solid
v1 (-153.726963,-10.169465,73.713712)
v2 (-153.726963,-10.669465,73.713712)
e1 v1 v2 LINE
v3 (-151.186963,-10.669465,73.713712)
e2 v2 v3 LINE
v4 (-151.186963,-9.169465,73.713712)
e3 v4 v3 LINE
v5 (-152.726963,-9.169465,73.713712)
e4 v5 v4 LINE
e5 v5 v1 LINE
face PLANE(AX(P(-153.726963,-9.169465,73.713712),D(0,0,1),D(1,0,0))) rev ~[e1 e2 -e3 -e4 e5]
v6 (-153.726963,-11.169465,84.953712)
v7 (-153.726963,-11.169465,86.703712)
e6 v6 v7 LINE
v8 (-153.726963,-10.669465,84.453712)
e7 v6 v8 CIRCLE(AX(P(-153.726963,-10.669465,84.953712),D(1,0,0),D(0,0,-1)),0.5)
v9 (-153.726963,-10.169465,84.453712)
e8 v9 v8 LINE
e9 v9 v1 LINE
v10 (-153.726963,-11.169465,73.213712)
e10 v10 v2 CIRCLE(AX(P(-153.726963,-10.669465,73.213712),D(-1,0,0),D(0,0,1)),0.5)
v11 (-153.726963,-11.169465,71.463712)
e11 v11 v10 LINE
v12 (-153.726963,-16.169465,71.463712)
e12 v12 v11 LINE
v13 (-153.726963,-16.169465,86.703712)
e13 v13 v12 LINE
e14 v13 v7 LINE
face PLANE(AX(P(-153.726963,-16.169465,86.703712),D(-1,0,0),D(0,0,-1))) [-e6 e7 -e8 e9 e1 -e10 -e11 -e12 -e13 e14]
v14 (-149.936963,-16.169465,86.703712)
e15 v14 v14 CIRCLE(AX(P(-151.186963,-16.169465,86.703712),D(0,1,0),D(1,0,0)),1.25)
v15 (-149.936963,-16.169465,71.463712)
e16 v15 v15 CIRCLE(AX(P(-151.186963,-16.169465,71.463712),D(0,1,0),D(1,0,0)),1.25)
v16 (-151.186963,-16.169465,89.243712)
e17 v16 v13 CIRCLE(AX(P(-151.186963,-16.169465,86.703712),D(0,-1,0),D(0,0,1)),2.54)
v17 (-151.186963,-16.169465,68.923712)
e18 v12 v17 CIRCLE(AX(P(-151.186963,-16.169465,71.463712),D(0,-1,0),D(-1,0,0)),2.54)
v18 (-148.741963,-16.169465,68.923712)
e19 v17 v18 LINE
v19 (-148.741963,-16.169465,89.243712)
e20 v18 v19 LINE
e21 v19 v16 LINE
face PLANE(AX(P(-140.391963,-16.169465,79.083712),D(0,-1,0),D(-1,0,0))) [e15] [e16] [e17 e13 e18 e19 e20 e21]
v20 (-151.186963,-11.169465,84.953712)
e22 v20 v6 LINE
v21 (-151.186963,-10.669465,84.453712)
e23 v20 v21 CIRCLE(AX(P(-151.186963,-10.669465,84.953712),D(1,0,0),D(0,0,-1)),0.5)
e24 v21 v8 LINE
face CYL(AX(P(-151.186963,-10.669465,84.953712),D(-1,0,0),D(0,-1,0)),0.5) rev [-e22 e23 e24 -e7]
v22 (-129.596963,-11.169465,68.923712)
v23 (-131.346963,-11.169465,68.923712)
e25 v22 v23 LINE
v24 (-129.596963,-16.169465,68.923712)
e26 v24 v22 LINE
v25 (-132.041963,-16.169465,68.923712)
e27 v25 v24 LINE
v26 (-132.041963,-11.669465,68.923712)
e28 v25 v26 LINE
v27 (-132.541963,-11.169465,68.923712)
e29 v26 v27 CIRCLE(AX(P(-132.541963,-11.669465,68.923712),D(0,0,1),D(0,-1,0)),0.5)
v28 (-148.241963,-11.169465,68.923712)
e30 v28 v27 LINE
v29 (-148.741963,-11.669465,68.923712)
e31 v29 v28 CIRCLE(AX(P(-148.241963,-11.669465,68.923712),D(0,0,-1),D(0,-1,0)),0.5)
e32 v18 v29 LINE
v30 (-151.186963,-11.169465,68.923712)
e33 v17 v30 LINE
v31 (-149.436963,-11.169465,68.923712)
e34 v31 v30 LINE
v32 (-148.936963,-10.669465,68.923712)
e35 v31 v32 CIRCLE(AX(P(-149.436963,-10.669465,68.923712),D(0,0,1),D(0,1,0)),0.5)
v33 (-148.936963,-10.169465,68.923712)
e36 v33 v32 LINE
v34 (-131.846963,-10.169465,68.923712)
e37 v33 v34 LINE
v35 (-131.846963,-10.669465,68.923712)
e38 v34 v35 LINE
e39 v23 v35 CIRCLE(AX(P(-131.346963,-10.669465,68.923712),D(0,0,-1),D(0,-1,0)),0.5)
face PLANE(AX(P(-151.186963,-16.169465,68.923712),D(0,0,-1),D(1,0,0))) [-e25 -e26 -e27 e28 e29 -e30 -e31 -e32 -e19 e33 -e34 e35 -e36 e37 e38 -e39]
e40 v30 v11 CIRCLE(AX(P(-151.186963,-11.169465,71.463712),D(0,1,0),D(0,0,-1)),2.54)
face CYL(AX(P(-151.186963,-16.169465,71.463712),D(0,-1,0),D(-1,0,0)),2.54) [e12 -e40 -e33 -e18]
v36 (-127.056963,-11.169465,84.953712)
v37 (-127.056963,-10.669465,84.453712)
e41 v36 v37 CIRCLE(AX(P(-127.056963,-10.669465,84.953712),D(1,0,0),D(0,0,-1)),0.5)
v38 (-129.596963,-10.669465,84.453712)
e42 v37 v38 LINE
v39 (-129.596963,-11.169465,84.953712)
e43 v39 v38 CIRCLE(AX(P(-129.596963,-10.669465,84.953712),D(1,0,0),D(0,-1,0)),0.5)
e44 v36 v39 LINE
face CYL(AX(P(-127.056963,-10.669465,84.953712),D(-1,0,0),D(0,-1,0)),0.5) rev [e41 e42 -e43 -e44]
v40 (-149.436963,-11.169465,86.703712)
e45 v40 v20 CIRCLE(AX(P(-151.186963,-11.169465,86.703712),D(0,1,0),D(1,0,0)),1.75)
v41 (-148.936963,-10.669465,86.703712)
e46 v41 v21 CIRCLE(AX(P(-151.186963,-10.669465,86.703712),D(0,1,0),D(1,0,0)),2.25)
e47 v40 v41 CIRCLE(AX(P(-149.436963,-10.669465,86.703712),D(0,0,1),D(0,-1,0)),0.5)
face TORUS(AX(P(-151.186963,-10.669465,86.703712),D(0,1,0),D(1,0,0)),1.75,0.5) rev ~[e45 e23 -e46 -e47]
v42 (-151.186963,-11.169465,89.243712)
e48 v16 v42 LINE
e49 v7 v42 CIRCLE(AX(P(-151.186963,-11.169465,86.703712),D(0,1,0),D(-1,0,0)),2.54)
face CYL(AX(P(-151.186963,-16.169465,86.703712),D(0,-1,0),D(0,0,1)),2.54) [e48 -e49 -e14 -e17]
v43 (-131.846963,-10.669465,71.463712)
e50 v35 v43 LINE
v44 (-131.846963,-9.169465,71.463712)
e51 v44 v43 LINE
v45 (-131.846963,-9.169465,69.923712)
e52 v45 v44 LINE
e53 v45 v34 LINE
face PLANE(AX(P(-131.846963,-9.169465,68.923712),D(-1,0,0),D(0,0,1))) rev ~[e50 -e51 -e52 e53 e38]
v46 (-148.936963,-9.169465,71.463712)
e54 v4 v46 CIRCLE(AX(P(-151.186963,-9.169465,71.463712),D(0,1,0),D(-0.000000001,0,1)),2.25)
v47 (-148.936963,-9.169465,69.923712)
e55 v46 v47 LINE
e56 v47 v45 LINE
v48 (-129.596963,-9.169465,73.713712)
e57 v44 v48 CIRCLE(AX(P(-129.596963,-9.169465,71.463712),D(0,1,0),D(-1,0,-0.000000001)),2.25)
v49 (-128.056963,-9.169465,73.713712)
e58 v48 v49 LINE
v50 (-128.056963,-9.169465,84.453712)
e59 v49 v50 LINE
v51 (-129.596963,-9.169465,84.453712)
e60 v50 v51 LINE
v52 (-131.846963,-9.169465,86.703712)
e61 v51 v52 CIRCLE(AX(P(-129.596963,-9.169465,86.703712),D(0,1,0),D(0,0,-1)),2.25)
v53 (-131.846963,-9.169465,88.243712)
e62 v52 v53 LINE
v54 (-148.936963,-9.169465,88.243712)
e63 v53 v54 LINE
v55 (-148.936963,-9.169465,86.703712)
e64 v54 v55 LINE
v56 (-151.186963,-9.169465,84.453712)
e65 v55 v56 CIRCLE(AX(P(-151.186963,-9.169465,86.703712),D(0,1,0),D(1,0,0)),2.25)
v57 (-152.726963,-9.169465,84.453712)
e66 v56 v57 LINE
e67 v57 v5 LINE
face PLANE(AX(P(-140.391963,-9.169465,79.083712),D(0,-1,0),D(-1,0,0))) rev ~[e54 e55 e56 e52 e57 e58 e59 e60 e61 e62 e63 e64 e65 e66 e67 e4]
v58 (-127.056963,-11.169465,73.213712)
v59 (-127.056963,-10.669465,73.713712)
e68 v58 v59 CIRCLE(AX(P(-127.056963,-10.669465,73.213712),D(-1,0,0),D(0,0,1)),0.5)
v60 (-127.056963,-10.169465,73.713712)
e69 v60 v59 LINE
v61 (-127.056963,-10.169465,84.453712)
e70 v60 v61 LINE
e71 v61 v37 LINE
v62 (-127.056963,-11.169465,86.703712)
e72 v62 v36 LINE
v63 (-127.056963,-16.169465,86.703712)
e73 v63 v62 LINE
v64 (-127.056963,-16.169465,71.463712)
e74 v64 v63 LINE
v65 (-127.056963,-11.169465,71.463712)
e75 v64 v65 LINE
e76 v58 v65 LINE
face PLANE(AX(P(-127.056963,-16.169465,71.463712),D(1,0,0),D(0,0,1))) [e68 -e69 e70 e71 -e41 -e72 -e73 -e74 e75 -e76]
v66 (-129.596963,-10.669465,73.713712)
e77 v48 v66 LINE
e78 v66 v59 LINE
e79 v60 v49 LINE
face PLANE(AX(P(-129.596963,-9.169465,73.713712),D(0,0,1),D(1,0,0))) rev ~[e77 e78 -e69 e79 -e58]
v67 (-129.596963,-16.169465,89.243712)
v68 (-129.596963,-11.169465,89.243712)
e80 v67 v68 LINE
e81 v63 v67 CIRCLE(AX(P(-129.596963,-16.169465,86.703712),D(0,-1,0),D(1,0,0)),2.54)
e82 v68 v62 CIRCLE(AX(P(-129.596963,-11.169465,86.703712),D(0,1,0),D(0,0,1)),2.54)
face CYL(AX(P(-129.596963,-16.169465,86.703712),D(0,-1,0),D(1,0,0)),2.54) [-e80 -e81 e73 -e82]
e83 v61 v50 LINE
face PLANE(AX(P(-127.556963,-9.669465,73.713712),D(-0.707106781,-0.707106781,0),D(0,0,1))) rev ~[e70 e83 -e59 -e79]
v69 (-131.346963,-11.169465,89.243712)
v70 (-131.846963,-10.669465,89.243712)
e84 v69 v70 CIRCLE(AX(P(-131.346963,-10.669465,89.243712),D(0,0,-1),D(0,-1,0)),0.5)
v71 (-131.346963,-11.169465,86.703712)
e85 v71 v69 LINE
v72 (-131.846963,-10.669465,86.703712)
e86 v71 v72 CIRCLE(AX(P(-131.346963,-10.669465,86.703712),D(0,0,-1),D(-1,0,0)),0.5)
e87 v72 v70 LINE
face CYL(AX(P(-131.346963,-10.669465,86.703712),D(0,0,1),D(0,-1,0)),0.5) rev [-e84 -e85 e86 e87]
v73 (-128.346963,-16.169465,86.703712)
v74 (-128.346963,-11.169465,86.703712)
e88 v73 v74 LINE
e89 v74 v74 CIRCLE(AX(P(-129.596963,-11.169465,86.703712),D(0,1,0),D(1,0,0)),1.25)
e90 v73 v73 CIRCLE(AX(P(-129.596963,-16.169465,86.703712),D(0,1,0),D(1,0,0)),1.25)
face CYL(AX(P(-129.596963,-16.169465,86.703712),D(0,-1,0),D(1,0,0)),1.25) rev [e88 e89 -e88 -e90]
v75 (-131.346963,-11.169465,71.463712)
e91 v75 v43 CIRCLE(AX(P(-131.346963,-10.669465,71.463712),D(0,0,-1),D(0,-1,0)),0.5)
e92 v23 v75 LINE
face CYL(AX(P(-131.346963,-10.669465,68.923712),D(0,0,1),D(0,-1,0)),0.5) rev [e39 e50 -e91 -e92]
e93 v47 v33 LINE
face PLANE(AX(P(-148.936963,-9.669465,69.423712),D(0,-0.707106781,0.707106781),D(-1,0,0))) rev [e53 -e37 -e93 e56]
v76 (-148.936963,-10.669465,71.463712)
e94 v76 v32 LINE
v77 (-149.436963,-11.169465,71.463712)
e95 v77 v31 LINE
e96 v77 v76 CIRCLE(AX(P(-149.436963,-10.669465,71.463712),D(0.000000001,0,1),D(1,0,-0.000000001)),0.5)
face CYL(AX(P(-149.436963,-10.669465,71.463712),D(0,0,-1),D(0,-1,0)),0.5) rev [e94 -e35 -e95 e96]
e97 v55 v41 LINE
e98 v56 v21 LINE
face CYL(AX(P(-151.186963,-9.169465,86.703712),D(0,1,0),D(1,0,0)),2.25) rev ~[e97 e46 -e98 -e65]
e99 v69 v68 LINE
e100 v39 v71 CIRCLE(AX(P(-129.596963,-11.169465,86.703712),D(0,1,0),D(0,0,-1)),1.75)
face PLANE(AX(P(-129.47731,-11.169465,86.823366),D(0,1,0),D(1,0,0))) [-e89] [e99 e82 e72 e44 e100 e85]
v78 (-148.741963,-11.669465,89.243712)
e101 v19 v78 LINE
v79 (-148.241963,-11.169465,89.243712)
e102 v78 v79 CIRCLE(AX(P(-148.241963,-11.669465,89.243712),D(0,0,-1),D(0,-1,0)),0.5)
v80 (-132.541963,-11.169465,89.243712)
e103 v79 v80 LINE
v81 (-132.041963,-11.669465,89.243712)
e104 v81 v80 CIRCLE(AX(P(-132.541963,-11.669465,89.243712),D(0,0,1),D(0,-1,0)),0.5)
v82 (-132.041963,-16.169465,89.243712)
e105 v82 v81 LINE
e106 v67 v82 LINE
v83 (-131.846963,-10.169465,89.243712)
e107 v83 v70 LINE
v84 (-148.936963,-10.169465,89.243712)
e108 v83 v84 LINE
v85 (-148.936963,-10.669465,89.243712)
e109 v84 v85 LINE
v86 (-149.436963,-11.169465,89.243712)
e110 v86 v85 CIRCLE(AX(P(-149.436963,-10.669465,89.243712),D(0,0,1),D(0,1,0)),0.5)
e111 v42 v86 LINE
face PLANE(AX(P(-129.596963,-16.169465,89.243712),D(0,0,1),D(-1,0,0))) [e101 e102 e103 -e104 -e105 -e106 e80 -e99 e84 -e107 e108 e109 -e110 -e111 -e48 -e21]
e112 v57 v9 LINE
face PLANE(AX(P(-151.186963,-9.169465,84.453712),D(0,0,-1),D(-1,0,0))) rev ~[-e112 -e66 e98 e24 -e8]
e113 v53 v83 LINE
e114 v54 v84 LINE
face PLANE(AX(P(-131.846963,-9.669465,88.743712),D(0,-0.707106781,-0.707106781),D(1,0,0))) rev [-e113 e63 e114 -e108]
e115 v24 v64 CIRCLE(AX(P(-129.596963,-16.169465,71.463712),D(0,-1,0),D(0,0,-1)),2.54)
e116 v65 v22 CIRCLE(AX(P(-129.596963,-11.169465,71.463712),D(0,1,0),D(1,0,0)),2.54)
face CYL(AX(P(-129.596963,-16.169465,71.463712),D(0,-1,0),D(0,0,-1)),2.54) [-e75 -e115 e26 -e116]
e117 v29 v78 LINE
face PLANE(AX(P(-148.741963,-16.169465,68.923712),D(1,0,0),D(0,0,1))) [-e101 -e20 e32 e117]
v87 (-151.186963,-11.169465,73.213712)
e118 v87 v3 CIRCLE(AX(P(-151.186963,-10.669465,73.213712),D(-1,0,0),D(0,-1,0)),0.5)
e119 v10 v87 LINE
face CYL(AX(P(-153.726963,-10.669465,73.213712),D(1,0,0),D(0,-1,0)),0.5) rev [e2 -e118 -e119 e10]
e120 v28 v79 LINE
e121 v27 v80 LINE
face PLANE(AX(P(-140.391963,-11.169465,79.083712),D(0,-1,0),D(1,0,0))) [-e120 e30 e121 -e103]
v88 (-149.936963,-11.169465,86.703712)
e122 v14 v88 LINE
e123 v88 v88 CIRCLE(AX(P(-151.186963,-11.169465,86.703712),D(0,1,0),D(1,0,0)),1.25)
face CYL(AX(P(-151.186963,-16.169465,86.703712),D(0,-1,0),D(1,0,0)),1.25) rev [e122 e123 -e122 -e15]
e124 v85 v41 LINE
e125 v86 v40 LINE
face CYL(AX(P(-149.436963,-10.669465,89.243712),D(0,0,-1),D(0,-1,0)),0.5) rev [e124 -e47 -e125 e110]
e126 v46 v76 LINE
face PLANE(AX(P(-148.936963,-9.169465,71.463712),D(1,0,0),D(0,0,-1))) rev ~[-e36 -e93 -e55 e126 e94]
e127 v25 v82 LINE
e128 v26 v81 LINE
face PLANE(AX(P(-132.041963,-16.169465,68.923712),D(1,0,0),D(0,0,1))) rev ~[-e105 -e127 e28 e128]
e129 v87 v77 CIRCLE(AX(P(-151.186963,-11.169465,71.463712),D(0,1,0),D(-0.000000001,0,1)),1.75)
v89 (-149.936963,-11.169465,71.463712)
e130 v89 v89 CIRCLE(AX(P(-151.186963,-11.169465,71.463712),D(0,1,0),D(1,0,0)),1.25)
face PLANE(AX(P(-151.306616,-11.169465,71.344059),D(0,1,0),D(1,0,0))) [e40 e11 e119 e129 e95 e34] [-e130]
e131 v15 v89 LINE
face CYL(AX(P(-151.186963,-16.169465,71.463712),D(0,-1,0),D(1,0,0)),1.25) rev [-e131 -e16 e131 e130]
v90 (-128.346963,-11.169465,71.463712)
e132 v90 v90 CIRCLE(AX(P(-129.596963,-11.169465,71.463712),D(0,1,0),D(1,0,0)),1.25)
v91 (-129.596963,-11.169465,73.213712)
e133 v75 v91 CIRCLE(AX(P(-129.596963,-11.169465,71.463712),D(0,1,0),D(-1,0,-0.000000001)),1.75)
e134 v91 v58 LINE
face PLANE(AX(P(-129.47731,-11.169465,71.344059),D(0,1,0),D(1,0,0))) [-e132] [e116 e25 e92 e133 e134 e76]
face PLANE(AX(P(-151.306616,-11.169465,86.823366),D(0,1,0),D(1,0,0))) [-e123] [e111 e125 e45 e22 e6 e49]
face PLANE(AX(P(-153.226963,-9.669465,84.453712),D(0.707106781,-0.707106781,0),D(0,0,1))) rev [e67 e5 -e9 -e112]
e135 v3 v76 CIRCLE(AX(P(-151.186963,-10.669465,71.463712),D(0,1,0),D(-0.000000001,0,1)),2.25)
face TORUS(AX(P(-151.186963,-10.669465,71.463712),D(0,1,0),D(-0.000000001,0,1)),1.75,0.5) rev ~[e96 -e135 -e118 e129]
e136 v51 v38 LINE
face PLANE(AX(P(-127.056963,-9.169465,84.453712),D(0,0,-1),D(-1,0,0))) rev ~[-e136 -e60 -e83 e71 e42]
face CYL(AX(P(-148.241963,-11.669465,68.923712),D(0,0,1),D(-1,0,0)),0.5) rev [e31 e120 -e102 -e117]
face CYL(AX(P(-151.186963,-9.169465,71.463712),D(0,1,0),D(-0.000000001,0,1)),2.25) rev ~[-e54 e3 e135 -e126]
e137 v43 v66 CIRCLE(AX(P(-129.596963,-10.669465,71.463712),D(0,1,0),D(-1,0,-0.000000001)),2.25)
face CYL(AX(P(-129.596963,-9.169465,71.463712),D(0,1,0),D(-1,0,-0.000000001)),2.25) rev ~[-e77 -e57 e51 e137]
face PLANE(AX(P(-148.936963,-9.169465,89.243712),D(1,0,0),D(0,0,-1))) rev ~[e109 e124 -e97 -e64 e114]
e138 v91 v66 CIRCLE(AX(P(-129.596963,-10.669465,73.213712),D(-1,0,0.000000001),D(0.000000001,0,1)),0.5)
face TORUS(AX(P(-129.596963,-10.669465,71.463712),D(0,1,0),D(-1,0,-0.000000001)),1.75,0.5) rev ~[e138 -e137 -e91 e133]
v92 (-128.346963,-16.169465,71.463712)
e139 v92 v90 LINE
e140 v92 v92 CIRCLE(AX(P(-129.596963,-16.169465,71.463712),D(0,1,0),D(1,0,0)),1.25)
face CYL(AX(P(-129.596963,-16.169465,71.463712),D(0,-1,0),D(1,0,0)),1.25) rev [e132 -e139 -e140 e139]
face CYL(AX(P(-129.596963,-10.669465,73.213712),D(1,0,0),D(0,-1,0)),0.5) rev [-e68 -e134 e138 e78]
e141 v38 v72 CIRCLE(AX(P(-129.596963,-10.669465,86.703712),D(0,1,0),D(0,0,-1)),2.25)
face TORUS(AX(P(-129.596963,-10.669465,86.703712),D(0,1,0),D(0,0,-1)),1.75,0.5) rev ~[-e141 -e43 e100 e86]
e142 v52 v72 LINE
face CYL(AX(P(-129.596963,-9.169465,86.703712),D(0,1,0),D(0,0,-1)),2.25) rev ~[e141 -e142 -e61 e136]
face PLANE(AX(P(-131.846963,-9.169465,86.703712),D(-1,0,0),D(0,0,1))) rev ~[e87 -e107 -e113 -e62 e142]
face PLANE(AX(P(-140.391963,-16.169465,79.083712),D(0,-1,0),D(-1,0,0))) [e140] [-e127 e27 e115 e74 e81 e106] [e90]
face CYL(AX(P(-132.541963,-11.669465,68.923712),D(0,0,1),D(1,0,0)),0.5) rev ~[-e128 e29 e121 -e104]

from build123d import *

# Parameters (mm, degrees)
SKETCH1_R           = 1.25
BOSS_EXTRUDE1_DEPTH = 7
SKETCH2_W           = 16.7
SKETCH2_H           = 20.32
CUT_EXTRUDE1_DEPTH  = 5
SKETCH3_R           = 1.25
CUT_EXTRUDE2_DEPTH  = 2
CHAMFER1_SIZE       = 1
FILLET1_R           = 0.5
FILLET2_R           = 0.5


with BuildPart() as part:
    # Sketch1 → Boss-Extrude1 (new body)
    with BuildSketch(Plane(origin=(0, -16.169464744, 0), x_dir=(1, 0, 0), z_dir=(0, 1, 0))):
        with BuildLine():
            Line((-127.05696299, -71.463712198), (-127.05696299, -86.703712198))
            ThreePointArc((-127.05696299, -86.703712198), (-127.800911766, -88.499763423), (-129.59696299, -89.243712198))
            Line((-129.59696299, -89.243712198), (-151.18696299, -89.243712198))
            ThreePointArc((-151.18696299, -89.243712198), (-152.983014214, -88.499763423), (-153.72696299, -86.703712198))
            Line((-153.72696299, -86.703712198), (-153.72696299, -71.463712198))
            ThreePointArc((-153.72696299, -71.463712198), (-152.983014214, -69.667660974), (-151.18696299, -68.923712198))
            Line((-151.18696299, -68.923712198), (-129.59696299, -68.923712198))
            ThreePointArc((-129.59696299, -68.923712198), (-127.800911766, -69.667660974), (-127.05696299, -71.463712198))
        make_face()
        with Locations((-151.18696299, -71.463712198)):
            Circle(SKETCH1_R, mode=Mode.SUBTRACT)
        with Locations((-151.18696299, -86.703712198)):
            Circle(SKETCH1_R, mode=Mode.SUBTRACT)
        with Locations((-129.59696299, -86.703712198)):
            Circle(SKETCH1_R, mode=Mode.SUBTRACT)
        with Locations((-129.59696299, -71.463712198)):
            Circle(SKETCH1_R, mode=Mode.SUBTRACT)
    extrude(amount=BOSS_EXTRUDE1_DEPTH)

    # Sketch2 → Cut-Extrude1 (cut)
    with BuildSketch(Plane.XZ.offset(16.169464744)):
        with Locations((-140.39196299, 79.083712198)):
            Rectangle(SKETCH2_W, SKETCH2_H)
    extrude(amount=-CUT_EXTRUDE1_DEPTH, mode=Mode.SUBTRACT)

    # Sketch3 → Cut-Extrude2 (cut)
    with BuildSketch(Plane(origin=(0, -9.169464744, 0), x_dir=(1, 0, 0), z_dir=(0, 1, 0))):
        with BuildLine():
            Line((-131.84696299, -86.703712198), (-131.84696299, -89.243712198))
            Line((-131.84696299, -89.243712198), (-129.59696299, -89.243712198))
            ThreePointArc((-129.59696299, -89.243712198), (-127.800911766, -88.499763423), (-127.05696299, -86.703712198))
            Line((-127.05696299, -86.703712198), (-127.05696299, -84.453712198))
            Line((-127.05696299, -84.453712198), (-129.59696299, -84.453712198))
            ThreePointArc((-129.59696299, -84.453712198), (-131.187953248, -85.112721941), (-131.84696299, -86.703712198))
        make_face()
        with Locations((-129.59696299, -86.703712198)):
            Circle(SKETCH3_R, mode=Mode.SUBTRACT)
        with BuildLine():
            Line((-151.18696299, -89.243712198), (-148.93696299, -89.243712198))
            Line((-148.93696299, -89.243712198), (-148.93696299, -86.703712198))
            ThreePointArc((-148.93696299, -86.703712198), (-149.595972732, -85.112721941), (-151.18696299, -84.453712198))
            Line((-151.18696299, -84.453712198), (-153.72696299, -84.453712198))
            Line((-153.72696299, -84.453712198), (-153.72696299, -86.703712198))
            ThreePointArc((-153.72696299, -86.703712198), (-152.983014214, -88.499763423), (-151.18696299, -89.243712198))
        make_face()
        with Locations((-151.18696299, -86.703712198)):
            Circle(SKETCH3_R, mode=Mode.SUBTRACT)
        with BuildLine():
            Line((-153.72696299, -71.463712198), (-153.72696299, -73.713712198))
            Line((-153.72696299, -73.713712198), (-151.18696299, -73.713712198))
            ThreePointArc((-151.18696299, -73.713712198), (-149.595972732, -73.054702456), (-148.93696299, -71.463712198))
            Line((-148.93696299, -71.463712198), (-148.93696299, -68.923712198))
            Line((-148.93696299, -68.923712198), (-151.18696299, -68.923712198))
            ThreePointArc((-151.18696299, -68.923712198), (-152.983014214, -69.667660974), (-153.72696299, -71.463712198))
        make_face()
        with Locations((-151.18696299, -71.463712198)):
            Circle(SKETCH3_R, mode=Mode.SUBTRACT)
        with BuildLine():
            Line((-129.59696299, -73.713712198), (-127.05696299, -73.713712198))
            Line((-127.05696299, -73.713712198), (-127.05696299, -71.463712198))
            ThreePointArc((-127.05696299, -71.463712198), (-127.800911766, -69.667660974), (-129.59696299, -68.923712198))
            Line((-129.59696299, -68.923712198), (-131.84696299, -68.923712198))
            Line((-131.84696299, -68.923712198), (-131.84696299, -71.463712198))
            ThreePointArc((-131.84696299, -71.463712198), (-131.187953248, -73.054702456), (-129.59696299, -73.713712198))
        make_face()
        with Locations((-129.59696299, -71.463712198)):
            Circle(SKETCH3_R, mode=Mode.SUBTRACT)
    extrude(amount=-CUT_EXTRUDE2_DEPTH, mode=Mode.SUBTRACT)

    # Chamfer1
    chamfer1_edges = [part.edges().sort_by_distance(p)[0] for p in [
        (-127.05696299, -9.169464744, 79.083712198),
        (-153.72696299, -9.169464744, 79.083712198),
        (-140.39196299, -9.169464744, 68.923712198),
        (-140.39196299, -9.169464744, 89.243712198),
    ]]
    chamfer(chamfer1_edges, length=CHAMFER1_SIZE)

    # Fillet1
    fillet1_edges = [part.edges().sort_by_distance(p)[0] for p in [
        (-148.74196299, -11.169464744, 79.083712198),
        (-132.04196299, -11.169464744, 79.083712198),
    ]]
    fillet(fillet1_edges, radius=FILLET1_R)

    # Fillet2
    fillet2_edges = [part.edges().sort_by_distance(p)[0] for p in [
        (-148.93696299, -11.169464744, 87.973712198),
        (-152.45696299, -11.169464744, 84.453712198),
        (-149.595972732, -11.169464744, 85.112721941),
        (-131.187953248, -11.169464744, 85.112721941),
        (-128.32696299, -11.169464744, 84.453712198),
        (-131.84696299, -11.169464744, 87.973712198),
        (-131.84696299, -11.169464744, 70.193712198),
        (-128.32696299, -11.169464744, 73.713712198),
        (-131.187953248, -11.169464744, 73.054702456),
        (-149.595972732, -11.169464744, 73.054702456),
        (-152.45696299, -11.169464744, 73.713712198),
        (-148.93696299, -11.169464744, 70.193712198),
    ]]
    fillet(fillet2_edges, radius=FILLET2_R)


solid = part.part
